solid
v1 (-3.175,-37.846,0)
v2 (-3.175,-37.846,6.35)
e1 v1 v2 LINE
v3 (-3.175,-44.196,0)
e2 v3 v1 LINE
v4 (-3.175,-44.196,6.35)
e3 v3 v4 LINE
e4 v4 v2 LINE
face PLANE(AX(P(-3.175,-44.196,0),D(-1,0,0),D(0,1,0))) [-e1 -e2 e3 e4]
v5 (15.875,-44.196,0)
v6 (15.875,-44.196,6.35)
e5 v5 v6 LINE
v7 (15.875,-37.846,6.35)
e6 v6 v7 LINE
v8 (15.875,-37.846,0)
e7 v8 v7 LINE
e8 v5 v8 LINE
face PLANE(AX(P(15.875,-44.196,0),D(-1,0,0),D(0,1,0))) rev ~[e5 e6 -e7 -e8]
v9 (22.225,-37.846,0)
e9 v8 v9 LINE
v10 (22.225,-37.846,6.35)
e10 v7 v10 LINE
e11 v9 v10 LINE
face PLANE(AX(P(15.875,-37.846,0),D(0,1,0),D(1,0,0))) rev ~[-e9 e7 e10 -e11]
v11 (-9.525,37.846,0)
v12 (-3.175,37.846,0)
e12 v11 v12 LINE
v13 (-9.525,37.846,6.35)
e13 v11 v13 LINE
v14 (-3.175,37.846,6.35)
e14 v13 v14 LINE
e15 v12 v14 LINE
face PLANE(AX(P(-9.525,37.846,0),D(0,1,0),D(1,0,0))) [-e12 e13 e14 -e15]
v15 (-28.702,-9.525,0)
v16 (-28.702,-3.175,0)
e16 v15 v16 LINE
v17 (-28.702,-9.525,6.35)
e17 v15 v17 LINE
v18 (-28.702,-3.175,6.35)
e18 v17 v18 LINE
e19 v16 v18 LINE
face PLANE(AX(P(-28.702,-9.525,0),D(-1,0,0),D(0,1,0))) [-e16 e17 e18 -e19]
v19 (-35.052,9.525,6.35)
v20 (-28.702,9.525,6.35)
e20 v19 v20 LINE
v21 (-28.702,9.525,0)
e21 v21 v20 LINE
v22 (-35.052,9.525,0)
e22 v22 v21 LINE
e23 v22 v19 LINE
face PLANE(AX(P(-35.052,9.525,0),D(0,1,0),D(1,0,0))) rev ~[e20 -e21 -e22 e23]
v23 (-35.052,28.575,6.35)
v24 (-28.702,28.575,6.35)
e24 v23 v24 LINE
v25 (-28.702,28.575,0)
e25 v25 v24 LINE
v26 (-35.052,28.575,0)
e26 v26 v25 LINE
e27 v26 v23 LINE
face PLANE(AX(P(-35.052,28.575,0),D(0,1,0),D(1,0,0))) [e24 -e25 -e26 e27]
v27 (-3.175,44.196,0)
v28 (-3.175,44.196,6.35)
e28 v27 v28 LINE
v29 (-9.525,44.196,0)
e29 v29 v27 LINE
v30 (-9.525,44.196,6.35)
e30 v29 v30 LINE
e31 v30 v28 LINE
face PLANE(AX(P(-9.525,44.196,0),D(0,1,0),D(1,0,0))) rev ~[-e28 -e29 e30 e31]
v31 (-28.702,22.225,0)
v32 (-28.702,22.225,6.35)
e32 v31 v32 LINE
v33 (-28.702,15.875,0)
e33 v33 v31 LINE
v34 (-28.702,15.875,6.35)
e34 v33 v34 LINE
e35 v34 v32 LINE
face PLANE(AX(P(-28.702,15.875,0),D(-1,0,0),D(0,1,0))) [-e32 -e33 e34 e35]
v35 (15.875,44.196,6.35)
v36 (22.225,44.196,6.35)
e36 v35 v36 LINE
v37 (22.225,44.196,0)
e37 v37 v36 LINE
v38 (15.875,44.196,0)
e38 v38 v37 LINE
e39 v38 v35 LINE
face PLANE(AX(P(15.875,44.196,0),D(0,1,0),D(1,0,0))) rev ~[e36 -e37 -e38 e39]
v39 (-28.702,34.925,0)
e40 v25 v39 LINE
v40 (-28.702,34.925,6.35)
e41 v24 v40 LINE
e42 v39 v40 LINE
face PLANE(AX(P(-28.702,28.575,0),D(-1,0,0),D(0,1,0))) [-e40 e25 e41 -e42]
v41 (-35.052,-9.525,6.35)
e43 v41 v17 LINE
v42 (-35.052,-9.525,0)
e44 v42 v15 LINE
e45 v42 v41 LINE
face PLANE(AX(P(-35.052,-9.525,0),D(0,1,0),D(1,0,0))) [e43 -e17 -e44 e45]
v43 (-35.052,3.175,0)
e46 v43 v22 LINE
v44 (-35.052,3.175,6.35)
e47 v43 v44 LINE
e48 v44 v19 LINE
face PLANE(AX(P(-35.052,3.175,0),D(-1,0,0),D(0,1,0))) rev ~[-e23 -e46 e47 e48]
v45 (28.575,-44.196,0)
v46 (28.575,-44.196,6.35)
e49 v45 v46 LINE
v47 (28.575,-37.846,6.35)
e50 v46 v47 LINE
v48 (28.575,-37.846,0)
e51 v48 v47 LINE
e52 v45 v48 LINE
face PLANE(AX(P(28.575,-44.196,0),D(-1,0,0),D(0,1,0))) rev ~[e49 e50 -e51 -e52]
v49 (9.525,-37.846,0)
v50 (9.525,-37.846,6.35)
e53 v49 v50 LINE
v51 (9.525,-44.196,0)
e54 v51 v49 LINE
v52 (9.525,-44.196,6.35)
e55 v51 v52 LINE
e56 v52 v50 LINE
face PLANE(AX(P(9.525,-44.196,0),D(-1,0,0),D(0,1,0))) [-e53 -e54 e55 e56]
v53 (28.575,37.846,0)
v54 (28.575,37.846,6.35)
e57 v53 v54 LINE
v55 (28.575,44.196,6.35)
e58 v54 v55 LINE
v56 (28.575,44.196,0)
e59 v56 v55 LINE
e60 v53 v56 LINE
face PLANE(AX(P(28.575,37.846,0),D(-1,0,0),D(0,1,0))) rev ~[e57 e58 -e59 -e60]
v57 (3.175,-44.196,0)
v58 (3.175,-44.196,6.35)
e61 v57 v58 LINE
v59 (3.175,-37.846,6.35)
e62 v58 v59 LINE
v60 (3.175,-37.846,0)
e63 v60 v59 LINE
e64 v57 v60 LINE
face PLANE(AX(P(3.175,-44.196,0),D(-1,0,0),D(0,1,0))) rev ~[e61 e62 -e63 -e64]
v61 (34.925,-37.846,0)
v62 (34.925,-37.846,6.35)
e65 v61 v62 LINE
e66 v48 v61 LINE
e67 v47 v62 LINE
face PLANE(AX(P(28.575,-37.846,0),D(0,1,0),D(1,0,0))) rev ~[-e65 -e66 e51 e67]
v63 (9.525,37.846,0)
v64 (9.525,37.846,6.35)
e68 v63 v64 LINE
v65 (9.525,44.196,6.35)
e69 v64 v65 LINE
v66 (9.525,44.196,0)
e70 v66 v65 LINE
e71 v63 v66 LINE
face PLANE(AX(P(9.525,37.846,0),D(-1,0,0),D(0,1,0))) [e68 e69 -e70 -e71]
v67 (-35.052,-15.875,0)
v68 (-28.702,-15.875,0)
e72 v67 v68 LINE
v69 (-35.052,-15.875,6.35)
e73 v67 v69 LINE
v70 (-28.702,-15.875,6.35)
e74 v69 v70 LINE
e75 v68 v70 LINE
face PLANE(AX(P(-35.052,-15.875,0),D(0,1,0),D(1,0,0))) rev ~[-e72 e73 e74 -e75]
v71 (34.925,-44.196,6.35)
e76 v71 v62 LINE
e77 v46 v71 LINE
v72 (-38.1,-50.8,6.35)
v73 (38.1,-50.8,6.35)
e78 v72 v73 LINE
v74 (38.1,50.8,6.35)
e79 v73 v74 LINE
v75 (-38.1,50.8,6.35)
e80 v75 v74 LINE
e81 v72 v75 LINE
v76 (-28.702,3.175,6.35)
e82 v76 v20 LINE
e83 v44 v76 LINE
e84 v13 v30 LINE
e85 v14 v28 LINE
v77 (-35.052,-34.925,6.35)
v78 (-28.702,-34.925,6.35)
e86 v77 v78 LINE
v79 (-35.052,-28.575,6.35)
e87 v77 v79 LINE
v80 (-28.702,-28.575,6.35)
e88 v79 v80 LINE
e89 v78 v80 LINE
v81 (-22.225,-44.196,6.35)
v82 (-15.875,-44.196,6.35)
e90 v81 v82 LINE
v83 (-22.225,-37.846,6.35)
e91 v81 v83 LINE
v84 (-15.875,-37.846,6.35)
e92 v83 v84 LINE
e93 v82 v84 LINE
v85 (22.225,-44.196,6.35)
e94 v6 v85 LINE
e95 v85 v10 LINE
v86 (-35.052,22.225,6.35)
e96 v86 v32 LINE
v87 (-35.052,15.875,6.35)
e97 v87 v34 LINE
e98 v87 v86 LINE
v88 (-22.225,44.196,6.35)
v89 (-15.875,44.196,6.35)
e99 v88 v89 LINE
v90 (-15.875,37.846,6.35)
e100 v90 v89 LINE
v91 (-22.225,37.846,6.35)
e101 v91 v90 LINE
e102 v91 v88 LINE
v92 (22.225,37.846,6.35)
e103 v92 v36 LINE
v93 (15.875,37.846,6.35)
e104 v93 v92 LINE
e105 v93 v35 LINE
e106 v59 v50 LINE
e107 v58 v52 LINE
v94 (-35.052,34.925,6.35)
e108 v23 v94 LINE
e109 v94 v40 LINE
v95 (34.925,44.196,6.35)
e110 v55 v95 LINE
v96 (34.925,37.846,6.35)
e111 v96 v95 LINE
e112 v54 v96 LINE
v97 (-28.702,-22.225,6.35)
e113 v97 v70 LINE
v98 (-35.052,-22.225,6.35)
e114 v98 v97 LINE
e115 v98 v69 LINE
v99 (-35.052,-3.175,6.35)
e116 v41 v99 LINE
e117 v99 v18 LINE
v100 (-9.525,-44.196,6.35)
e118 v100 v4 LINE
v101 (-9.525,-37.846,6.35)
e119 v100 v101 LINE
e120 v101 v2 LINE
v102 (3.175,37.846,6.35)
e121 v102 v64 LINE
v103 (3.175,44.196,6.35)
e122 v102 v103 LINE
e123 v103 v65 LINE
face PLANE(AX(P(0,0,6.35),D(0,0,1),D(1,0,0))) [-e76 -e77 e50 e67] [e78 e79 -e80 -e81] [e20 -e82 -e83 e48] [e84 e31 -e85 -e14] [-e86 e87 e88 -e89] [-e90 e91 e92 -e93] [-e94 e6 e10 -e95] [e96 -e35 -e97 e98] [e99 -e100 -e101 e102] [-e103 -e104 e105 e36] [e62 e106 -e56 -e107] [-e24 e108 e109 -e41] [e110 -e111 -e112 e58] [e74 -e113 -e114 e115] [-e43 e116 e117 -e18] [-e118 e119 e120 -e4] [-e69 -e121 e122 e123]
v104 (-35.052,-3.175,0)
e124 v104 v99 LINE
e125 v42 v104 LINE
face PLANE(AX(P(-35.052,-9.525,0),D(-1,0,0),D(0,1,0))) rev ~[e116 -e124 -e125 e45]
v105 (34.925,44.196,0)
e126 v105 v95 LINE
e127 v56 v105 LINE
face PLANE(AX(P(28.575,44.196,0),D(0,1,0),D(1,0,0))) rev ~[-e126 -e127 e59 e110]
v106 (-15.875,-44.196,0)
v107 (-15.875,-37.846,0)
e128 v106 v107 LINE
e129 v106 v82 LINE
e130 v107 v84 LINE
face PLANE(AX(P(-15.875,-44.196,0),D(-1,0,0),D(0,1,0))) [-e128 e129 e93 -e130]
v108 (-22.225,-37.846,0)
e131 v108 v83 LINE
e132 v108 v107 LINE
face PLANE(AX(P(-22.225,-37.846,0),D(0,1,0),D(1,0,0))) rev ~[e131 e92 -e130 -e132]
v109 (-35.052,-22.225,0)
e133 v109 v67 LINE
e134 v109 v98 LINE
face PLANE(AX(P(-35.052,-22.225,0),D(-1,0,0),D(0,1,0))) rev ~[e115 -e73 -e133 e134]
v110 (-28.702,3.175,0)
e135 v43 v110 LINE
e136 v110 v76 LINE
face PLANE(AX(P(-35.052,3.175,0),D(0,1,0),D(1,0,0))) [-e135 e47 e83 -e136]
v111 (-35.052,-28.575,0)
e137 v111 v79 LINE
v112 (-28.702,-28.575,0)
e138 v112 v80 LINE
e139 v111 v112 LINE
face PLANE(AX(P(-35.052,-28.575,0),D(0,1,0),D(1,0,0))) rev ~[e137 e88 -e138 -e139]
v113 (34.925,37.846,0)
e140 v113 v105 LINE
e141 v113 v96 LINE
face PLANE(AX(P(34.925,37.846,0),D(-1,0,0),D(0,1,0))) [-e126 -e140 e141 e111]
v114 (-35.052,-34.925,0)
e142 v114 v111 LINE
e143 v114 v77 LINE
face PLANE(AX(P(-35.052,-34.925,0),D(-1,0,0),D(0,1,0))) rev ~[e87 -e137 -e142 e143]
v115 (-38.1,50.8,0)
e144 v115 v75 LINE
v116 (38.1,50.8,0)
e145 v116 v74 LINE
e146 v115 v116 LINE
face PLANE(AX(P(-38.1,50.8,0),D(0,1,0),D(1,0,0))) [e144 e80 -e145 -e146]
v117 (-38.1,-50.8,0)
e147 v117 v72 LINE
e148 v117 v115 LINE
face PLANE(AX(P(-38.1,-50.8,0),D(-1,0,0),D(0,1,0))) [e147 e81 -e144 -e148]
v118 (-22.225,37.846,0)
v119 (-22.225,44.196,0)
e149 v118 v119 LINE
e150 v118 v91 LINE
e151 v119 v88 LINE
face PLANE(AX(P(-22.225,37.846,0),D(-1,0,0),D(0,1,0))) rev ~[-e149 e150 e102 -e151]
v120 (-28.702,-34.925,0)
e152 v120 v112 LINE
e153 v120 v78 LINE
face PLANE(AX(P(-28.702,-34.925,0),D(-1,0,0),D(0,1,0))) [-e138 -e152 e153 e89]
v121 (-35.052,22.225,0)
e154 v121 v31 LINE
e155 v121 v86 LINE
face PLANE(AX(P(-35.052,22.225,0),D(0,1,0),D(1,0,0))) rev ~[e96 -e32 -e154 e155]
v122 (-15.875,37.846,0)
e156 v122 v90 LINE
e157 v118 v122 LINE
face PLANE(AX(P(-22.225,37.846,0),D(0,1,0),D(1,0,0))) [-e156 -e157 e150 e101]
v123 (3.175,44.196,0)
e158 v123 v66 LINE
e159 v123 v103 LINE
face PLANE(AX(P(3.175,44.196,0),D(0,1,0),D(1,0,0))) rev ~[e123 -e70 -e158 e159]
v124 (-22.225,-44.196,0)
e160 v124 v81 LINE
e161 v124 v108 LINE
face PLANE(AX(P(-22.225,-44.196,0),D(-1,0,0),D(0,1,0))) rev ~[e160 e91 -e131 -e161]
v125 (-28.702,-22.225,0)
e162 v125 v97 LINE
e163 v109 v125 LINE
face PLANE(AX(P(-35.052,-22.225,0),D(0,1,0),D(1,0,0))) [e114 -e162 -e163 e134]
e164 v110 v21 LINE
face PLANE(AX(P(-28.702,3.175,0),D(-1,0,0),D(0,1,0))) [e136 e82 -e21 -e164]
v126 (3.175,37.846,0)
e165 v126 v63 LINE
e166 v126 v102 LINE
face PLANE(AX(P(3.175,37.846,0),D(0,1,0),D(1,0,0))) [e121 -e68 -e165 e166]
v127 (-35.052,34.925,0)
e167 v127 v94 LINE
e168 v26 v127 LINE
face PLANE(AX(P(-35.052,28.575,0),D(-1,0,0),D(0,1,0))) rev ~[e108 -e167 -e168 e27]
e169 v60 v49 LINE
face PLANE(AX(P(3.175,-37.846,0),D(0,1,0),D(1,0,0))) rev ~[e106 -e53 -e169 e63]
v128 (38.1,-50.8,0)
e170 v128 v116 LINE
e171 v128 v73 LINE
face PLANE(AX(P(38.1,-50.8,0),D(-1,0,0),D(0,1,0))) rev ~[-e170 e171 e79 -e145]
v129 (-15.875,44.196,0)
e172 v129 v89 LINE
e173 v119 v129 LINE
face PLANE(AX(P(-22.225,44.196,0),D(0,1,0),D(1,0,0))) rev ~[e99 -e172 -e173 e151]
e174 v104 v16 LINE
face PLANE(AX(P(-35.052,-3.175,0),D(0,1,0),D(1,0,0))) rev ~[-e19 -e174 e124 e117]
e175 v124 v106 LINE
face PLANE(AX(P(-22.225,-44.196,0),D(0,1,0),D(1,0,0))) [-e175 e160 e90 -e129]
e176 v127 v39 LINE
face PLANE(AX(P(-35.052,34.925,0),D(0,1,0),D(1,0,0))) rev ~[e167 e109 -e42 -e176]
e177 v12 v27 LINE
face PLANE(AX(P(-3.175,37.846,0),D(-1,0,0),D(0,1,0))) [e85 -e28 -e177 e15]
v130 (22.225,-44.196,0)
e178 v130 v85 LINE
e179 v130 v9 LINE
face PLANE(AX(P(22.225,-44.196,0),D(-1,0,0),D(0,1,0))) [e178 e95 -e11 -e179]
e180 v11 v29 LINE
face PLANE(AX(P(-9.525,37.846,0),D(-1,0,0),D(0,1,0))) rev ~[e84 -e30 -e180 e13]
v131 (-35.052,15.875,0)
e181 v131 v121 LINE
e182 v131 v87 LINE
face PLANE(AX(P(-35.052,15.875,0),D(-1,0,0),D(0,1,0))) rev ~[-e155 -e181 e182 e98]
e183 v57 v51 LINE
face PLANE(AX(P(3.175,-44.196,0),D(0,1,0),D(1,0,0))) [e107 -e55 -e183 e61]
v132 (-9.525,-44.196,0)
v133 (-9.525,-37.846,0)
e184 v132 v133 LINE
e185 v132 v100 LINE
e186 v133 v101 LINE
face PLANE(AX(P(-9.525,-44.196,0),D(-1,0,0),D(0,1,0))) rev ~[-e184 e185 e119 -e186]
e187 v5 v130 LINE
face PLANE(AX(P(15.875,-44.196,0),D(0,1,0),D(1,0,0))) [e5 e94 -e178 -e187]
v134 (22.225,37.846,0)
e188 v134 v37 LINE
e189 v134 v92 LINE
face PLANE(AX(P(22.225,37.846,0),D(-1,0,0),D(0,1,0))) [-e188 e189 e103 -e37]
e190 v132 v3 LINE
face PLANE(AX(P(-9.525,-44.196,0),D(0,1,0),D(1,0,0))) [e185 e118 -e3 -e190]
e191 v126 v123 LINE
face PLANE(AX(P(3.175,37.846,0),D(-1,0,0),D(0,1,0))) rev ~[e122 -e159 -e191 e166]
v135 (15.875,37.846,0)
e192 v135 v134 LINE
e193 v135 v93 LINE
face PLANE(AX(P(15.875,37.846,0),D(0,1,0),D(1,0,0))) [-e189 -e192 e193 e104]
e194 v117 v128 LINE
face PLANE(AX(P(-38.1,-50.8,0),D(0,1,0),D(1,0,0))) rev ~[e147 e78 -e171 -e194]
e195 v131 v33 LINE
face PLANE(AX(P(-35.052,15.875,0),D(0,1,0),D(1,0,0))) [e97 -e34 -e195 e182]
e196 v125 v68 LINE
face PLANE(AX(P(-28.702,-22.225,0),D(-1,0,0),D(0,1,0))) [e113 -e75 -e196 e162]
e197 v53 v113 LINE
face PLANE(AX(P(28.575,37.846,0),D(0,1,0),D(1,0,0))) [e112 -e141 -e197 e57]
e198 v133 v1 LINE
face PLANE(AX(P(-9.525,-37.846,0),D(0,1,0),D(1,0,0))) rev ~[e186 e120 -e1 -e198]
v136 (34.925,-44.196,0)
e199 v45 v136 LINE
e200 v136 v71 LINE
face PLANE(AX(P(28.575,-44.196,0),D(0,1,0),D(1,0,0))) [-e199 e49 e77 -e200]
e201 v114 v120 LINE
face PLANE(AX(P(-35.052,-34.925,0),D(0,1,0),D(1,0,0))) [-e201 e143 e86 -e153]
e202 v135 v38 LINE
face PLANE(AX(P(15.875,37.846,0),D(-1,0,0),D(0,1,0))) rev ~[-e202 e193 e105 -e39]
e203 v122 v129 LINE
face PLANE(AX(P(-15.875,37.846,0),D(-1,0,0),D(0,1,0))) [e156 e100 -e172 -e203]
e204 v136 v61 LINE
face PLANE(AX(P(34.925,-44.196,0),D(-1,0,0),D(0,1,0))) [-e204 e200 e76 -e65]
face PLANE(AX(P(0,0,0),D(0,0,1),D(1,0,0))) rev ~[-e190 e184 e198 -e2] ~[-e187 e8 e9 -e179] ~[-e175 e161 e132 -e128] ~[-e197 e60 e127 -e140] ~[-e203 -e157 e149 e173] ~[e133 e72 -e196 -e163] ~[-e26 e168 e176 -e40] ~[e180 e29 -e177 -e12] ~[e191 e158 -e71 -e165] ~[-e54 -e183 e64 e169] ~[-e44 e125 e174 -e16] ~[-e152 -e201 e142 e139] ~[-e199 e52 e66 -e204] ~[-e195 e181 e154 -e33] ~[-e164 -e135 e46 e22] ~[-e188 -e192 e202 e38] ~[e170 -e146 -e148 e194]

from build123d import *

# Parameters (mm, degrees)
F0_W     = 76.2
F0_H     = 101.6
F0_W_2   = 6.35
F0_H_2   = 6.35
F1_DEPTH = 6.35


with BuildPart() as f1:
    # F0 (on Top) → F1 (new body)
    with BuildSketch(Plane.XY):
        Rectangle(F0_W, F0_H)
        with Locations((-31.877, -31.75)):
            Rectangle(F0_W_2, F0_H_2, mode=Mode.SUBTRACT)
        with Locations((-19.05, -41.021)):
            Rectangle(F0_W_2, F0_H_2, mode=Mode.SUBTRACT)
        with Locations((-6.35, -41.021)):
            Rectangle(F0_W_2, F0_H_2, mode=Mode.SUBTRACT)
        with Locations((-31.877, -19.05)):
            Rectangle(F0_W_2, F0_H_2, mode=Mode.SUBTRACT)
        with Locations((-31.877, -6.35)):
            Rectangle(F0_W_2, F0_H_2, mode=Mode.SUBTRACT)
        with Locations((6.35, -41.021)):
            Rectangle(F0_W_2, F0_H_2, mode=Mode.SUBTRACT)
        with Locations((19.05, -41.021)):
            Rectangle(F0_W_2, F0_H_2, mode=Mode.SUBTRACT)
        with Locations((31.75, -41.021)):
            Rectangle(F0_W_2, F0_H_2, mode=Mode.SUBTRACT)
        with Locations((-31.877, 6.35)):
            Rectangle(F0_W_2, F0_H_2, mode=Mode.SUBTRACT)
        with Locations((-31.877, 19.05)):
            Rectangle(F0_W_2, F0_H_2, mode=Mode.SUBTRACT)
        with Locations((-31.877, 31.75)):
            Rectangle(F0_W_2, F0_H_2, mode=Mode.SUBTRACT)
        with Locations((-19.05, 41.021)):
            Rectangle(F0_W_2, F0_H_2, mode=Mode.SUBTRACT)
        with Locations((-6.35, 41.021)):
            Rectangle(F0_W_2, F0_H_2, mode=Mode.SUBTRACT)
        with Locations((6.35, 41.021)):
            Rectangle(F0_W_2, F0_H_2, mode=Mode.SUBTRACT)
        with Locations((19.05, 41.021)):
            Rectangle(F0_W_2, F0_H_2, mode=Mode.SUBTRACT)
        with Locations((31.75, 41.021)):
            Rectangle(F0_W_2, F0_H_2, mode=Mode.SUBTRACT)
    extrude(amount=F1_DEPTH)


solid = f1.part
